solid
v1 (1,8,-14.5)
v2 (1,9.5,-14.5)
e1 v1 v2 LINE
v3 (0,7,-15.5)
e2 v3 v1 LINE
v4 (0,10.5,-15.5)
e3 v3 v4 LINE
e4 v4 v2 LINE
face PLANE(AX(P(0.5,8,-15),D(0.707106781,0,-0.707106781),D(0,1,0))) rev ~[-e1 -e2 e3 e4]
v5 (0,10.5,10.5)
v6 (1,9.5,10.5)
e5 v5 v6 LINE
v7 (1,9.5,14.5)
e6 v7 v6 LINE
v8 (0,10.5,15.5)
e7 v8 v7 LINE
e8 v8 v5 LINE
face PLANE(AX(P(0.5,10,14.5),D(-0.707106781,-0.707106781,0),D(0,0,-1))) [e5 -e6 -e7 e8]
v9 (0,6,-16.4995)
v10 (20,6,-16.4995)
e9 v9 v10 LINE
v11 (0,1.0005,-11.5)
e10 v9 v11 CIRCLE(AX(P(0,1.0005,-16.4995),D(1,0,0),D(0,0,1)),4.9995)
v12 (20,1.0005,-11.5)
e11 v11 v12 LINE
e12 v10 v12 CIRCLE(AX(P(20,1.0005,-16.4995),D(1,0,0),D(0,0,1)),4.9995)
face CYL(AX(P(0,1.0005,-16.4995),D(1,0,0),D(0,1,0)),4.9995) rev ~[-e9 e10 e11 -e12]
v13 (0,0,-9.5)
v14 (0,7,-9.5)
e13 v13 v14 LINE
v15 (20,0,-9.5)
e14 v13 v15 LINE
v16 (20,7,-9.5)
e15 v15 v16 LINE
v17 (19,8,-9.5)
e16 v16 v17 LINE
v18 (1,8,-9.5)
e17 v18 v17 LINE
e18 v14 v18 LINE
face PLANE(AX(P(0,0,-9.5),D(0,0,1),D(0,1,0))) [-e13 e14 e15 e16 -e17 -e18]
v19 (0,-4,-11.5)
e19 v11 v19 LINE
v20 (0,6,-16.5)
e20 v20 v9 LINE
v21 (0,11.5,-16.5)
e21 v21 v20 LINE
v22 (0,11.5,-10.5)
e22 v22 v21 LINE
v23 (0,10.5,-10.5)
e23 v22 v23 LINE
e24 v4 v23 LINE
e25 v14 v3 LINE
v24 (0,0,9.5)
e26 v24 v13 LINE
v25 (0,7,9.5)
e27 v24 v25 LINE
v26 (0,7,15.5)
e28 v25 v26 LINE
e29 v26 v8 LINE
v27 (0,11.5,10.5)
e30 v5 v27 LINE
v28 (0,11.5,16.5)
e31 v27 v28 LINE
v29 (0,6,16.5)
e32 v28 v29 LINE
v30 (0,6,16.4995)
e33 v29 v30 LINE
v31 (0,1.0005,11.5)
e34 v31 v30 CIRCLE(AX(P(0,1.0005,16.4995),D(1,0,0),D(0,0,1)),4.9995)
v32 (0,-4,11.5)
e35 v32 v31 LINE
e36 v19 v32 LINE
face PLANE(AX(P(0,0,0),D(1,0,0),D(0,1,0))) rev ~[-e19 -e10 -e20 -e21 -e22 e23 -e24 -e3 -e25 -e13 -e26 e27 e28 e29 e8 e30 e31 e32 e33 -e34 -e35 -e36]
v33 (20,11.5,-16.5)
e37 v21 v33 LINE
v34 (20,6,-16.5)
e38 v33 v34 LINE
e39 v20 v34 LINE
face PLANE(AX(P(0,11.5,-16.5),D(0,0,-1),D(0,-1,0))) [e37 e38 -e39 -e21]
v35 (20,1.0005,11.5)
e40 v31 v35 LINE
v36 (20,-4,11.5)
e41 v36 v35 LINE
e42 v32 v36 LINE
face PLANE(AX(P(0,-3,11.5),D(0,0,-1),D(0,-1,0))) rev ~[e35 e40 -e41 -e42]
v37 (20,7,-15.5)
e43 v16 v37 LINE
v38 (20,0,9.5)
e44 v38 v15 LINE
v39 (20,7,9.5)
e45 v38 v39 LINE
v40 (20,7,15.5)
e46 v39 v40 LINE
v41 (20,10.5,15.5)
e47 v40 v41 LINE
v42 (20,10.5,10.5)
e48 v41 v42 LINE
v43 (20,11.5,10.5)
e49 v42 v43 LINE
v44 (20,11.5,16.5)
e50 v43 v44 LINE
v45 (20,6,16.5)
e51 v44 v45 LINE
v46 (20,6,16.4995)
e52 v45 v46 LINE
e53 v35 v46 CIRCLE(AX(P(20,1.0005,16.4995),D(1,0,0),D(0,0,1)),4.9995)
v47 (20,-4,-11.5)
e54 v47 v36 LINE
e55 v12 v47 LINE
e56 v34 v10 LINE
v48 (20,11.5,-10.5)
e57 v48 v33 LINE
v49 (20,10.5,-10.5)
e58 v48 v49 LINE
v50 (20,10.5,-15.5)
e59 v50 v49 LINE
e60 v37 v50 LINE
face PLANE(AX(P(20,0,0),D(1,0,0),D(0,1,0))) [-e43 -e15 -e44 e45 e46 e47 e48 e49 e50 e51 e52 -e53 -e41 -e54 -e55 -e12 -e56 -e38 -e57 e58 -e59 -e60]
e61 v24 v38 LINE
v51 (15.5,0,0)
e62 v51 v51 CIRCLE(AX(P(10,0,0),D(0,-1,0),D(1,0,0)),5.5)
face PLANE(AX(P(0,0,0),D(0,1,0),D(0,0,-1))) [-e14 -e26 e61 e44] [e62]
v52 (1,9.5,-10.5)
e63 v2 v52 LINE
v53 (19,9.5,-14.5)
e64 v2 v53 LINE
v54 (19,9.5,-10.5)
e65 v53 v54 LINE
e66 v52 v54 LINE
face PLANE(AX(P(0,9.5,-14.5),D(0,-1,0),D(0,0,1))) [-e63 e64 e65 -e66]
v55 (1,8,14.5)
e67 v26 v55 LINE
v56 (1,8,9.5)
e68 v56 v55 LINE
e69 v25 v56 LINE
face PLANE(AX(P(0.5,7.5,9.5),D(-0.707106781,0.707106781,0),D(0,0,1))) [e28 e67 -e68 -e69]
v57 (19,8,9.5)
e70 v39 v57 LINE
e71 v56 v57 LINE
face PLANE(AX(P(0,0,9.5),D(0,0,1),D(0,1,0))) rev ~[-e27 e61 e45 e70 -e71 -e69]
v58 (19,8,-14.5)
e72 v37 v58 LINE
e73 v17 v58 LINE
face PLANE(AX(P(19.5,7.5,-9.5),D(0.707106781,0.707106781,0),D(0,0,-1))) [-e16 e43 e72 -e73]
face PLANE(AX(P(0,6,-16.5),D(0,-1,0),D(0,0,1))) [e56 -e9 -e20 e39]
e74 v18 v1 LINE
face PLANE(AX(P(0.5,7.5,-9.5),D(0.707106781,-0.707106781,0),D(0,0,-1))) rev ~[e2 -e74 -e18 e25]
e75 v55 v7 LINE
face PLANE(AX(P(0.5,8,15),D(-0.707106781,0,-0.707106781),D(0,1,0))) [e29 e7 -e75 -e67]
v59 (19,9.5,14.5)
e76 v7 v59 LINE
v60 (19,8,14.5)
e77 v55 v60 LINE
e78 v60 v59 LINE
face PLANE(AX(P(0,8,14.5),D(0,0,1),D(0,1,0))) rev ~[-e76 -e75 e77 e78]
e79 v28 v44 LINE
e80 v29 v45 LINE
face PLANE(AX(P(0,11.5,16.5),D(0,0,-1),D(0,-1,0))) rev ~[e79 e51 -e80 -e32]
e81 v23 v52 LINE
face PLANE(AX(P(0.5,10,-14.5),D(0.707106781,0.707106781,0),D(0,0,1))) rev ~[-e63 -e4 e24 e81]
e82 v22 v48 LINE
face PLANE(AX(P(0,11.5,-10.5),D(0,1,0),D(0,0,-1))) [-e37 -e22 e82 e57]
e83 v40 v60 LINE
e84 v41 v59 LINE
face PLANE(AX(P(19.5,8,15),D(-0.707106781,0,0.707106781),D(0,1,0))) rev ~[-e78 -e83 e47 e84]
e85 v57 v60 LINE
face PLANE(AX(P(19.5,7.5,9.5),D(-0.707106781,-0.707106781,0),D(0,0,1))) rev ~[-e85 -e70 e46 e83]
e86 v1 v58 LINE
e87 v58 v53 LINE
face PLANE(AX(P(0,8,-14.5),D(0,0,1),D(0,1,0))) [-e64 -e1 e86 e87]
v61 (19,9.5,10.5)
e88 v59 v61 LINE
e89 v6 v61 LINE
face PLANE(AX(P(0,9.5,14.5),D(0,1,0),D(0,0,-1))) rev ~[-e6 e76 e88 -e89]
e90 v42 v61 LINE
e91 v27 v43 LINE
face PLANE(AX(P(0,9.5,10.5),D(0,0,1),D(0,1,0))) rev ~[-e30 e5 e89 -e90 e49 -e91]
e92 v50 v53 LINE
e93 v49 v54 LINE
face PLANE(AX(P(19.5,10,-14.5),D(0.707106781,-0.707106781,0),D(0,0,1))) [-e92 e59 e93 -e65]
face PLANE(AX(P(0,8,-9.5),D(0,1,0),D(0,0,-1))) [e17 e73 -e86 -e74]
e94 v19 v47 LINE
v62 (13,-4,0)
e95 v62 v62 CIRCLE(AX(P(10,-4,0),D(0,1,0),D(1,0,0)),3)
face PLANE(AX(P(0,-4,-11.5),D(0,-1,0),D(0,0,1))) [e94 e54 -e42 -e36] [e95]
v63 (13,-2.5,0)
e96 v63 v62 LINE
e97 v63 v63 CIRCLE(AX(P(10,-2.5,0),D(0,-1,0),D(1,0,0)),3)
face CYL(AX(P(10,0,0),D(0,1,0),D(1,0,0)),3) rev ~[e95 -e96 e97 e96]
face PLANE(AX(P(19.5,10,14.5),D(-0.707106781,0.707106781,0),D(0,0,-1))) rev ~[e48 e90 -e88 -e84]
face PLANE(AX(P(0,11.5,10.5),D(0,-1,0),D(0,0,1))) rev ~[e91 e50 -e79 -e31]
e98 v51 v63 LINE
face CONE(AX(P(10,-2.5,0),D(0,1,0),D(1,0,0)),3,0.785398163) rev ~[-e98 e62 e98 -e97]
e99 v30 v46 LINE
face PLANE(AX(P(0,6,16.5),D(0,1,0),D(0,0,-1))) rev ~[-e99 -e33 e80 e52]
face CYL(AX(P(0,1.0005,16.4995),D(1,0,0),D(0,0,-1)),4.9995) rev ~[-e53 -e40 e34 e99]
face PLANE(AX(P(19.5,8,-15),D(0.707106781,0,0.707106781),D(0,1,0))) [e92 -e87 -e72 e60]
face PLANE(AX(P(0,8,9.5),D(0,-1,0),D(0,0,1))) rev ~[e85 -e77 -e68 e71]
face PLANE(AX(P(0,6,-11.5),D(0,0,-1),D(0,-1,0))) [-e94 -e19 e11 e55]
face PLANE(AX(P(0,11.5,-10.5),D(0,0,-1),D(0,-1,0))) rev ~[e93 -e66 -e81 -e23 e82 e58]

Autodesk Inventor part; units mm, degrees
ref_plane "YZ Plane" through (0, 0, 0) normal (1, 0, 0) x (0, 1, 0)
ref_plane "XZ Plane" through (0, 0, 0) normal (0, 1, 0) x (-1, 0, 0)
ref_plane "XY Plane" through (0, 0, 0) normal (0, 0, 1) x (1, 0, 0)
sketch "Sketch1" plane through (0, 0, 0) normal (1, 0, 0) x (0, 1, 0)
  line L0 (0, 9.5) -> (0, -9.5)
  line L1 (0, -9.5) -> (8, -9.5)
  line L2 (0, 9.5) -> (8, 9.5)
  line L3 (8, 9.5) -> (8, 14.5)
  line L4 (8, 14.5) -> (9.5, 14.5)
  line L5 (9.5, 14.5) -> (9.5, 10.5)
  line L6 (9.5, 10.5) -> (11.5, 10.5)
  line L7 (11.5, 10.5) -> (11.5, 16.5)
  line L8 (11.5, 16.5) -> (6, 16.5)
  line L9 (6, 16.5) -> (6, 11.5)
  line L10 (6, 11.5) -> (-3, 11.5)
  line L11 (-3, 11.5) -> (-4, 11.5)
  line L12 (-4, 11.5) -> (-4, 1)
  line L13 (0, 0) -> (3.5, 0)
  line L14 (0, -9.5) -> (8, -9.5)
  line L15 (8, -9.5) -> (8, -14.5)
  line L16 (8, -14.5) -> (9.5, -14.5)
  line L17 (9.5, -14.5) -> (9.5, -10.5)
  line L18 (11.5, -10.5) -> (11.5, -16.5)
  line L19 (11.5, -16.5) -> (6, -16.5)
  line L20 (6, -16.5) -> (6, -11.5)
  line L21 (6, -11.5) -> (-3, -11.5)
  line L22 (-3, -11.5) -> (-4, -11.5)
  line L23 (-4, -11.5) -> (-4, 1)
  line L24 (11.5, -10.5) -> (9.5, -10.5)
  point P0 (8.75, -16.5)
  point P1 (8.75, -14.5)
  dimension "d0" = 19
  dimension "d1" = 0
  dimension "d2" = 8
  dimension "d3" = 8
  dimension "d4" = 5
  dimension "d5" = 1.5
  dimension "d6" = 2
  dimension "d7" = 6
  dimension "d8" = 5.5
  dimension "d9" = 5
  dimension "d10" = 1
  dimension "d13" = 2
  dimension "d14" = 4
extrude "Extrusion1" add sketch "Sketch1" along normal blind 20
fillet "Fillet1" radius 5 2 edges at (10, 6, -11.5) (10, 6, 11.5)
chamfer "Chamfer1" distance 1 angle 45 12 edges at (20, 8, -12) (20, 8.75, -14.5) (20, 9.5, -12.5) (20, 8, 12) (20, 8.75, 14.5) (20, 9.5, 12.5) (0, 8, -12) (0, 8.75, -14.5) (0, 9.5, -12.5) (0, 8, 12) (0, 8.75, 14.5) (0, 9.5, 12.5)
sketch "Sketch2" plane through (0, 0, 9.5) normal (0, 1, 0) x (1, 0, 0)
  circle A0 centre (10, 9.5) radius 3
  line L0 (20, 19) -> (20, 0) projected
  line L1 (0, -7) -> (20, -7) projected
  point P0 (0, 9.5)
  dimension "d19" = 6
  dimension "d20" = 10
  dimension "d21" = 16.5
extrude "Extrusion2" cut sketch "Sketch2" against normal blind 20
chamfer "Chamfer2" distance 2.5 angle 45 1 edges at (7, 0, 0)
properties part number "Drziak_1"
